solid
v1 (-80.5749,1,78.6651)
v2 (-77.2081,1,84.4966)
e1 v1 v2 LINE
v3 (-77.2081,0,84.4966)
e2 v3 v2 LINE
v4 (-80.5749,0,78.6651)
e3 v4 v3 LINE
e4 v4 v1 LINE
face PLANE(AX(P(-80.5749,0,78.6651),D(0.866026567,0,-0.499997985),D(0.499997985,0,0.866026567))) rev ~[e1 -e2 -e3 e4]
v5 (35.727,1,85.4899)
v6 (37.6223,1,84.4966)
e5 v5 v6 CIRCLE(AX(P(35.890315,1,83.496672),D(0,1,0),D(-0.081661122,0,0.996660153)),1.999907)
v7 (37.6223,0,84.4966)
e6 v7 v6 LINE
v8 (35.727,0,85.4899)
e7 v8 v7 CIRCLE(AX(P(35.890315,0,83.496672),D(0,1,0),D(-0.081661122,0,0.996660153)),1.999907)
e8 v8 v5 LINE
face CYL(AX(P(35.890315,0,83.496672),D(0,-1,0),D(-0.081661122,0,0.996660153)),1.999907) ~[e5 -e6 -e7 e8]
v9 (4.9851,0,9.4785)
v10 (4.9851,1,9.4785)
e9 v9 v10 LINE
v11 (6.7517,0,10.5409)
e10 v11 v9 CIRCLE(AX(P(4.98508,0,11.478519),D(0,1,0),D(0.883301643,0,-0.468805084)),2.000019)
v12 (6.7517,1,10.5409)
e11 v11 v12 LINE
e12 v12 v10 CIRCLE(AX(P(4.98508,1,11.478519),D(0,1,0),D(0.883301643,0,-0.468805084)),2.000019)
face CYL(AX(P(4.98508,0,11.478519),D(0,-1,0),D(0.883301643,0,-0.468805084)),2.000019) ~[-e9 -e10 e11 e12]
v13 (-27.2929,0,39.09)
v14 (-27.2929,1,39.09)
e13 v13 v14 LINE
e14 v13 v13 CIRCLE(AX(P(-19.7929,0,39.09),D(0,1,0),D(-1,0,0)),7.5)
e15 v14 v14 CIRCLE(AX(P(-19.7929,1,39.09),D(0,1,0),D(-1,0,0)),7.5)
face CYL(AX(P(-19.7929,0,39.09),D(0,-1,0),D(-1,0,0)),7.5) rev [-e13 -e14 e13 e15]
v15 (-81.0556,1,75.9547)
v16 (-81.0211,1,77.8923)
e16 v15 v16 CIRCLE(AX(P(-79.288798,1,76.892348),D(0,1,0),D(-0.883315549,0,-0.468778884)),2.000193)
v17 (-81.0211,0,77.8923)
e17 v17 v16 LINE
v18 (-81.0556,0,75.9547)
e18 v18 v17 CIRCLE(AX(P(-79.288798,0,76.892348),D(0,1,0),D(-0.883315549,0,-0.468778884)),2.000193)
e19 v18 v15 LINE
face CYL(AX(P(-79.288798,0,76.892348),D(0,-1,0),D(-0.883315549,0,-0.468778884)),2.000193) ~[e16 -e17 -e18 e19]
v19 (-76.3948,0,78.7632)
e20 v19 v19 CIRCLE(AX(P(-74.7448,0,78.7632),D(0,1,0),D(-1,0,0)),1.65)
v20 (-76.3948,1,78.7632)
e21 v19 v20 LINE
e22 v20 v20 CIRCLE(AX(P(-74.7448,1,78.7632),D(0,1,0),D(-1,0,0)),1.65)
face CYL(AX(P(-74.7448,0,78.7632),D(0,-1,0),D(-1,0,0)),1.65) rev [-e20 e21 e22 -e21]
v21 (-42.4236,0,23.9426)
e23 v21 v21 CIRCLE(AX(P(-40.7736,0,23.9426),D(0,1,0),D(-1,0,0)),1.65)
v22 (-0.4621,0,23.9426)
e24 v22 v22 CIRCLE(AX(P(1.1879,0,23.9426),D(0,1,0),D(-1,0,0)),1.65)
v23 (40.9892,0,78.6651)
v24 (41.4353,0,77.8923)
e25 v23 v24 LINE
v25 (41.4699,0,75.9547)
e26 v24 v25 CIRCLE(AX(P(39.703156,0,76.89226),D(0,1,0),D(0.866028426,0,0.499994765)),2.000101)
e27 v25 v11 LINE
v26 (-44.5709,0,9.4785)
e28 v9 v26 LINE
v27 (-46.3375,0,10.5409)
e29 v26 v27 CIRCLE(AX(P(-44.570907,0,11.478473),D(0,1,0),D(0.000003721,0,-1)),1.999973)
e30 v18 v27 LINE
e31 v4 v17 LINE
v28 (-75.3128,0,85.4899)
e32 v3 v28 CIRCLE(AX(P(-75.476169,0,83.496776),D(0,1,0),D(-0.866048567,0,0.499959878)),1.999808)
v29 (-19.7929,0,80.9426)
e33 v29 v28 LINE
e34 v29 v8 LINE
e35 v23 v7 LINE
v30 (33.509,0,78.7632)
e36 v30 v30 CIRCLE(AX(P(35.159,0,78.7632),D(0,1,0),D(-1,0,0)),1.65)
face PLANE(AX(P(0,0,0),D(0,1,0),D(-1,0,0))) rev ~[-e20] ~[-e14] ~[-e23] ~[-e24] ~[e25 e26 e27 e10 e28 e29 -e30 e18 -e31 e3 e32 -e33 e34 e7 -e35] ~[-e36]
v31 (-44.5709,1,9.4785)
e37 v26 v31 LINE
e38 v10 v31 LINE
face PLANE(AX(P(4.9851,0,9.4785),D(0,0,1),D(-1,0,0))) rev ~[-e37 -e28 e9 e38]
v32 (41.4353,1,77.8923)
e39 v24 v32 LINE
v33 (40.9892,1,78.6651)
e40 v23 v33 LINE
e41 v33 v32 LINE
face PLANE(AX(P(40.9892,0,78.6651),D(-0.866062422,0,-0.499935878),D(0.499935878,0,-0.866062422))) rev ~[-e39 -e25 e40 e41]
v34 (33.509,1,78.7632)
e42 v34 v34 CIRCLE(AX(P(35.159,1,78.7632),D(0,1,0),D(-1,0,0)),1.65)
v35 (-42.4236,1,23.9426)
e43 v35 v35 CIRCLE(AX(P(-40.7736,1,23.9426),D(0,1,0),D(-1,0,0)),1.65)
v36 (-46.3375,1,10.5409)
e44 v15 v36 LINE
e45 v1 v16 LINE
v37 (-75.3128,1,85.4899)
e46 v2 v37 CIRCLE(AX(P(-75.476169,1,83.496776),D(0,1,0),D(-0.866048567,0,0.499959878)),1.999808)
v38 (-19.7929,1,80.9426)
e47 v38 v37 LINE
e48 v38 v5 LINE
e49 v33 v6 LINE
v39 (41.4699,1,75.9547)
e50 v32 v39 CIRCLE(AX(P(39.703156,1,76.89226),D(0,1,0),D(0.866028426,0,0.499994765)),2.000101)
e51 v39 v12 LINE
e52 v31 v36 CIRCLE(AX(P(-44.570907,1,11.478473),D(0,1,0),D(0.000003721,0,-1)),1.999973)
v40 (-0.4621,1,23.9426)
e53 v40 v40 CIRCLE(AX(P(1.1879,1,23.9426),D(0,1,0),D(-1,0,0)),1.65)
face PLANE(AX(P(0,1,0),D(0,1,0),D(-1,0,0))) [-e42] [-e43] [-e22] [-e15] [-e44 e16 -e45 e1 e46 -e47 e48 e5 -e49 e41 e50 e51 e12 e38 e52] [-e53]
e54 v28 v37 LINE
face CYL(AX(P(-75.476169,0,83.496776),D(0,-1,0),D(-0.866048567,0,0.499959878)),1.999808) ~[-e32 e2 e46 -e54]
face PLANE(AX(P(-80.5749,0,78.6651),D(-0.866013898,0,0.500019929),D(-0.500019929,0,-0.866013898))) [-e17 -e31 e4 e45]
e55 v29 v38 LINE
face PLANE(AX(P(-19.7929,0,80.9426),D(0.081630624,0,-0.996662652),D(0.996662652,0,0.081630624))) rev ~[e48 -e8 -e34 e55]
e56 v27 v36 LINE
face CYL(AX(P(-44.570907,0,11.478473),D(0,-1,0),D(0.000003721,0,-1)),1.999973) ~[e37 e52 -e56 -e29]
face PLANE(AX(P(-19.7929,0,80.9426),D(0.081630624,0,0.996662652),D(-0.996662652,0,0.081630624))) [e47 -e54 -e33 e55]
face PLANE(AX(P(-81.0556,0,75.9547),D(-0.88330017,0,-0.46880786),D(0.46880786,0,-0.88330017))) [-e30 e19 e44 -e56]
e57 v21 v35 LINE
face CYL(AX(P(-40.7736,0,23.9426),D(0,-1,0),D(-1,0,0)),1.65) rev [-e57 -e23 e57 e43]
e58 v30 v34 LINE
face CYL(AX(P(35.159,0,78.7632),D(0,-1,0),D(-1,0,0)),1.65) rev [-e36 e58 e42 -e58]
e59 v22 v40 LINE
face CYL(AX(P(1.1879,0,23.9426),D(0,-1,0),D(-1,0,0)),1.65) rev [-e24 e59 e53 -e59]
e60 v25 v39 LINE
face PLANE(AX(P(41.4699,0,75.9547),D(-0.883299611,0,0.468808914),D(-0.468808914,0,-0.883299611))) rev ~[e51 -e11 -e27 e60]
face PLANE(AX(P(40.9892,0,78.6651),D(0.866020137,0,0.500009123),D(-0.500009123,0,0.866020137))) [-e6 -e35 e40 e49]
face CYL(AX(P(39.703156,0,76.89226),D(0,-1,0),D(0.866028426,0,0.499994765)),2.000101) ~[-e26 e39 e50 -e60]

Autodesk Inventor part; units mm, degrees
ref_plane "YZ Plane" through (0, 0, 0) normal (1, 0, 0) x (0, 1, 0)
ref_plane "XZ Plane" through (0, 0, 0) normal (0, 1, 0) x (-1, 0, 0)
ref_plane "XY Plane" through (0, 0, 0) normal (0, 0, 1) x (1, 0, 0)
sketch "Sketch1" plane through (0, 0, 0) normal (0, 1, 0) x (-1, 0, 0)
  line L0 (80.5749, 78.6651) -> (77.2081, 84.4966)
  line L1 (-40.9892, 78.6651) -> (-37.6223, 84.4966)
  line L2 (19.7929, 80.9426) -> (-35.727, 85.4899)
  line L3 (19.7929, 80.9426) -> (75.3128, 85.4899)
  circle A0 centre (-35.159, 78.7632) radius 1.65
  circle A1 centre (74.7448, 78.7632) radius 1.65
  circle A2 centre (-1.1879, 23.9426) radius 1.65
  circle A3 centre (40.7736, 23.9426) radius 1.65
  line L4 (-40.9892, 78.6651) -> (-41.4353, 77.8923)
  line L5 (-41.4699, 75.9547) -> (-6.7517, 10.5409)
  line L6 (-4.9851, 9.4785) -> (44.5709, 9.4785)
  line L7 (80.5749, 78.6651) -> (81.0211, 77.8923)
  line L8 (81.0556, 75.9547) -> (46.3375, 10.5409)
  arc A4 (-35.727, 85.4899) -> (-37.6223, 84.4966) centre (-35.8903, 83.4966) ccw
  arc A5 (77.2081, 84.4966) -> (75.3128, 85.4899) centre (75.476, 83.4966) ccw
  arc A6 (81.0556, 75.9547) -> (81.0211, 77.8923) centre (79.289, 76.8923) ccw
  arc A7 (44.5709, 9.4785) -> (46.3375, 10.5409) centre (44.5709, 11.4785) ccw
  arc A8 (-6.7517, 10.5409) -> (-4.9851, 9.4785) centre (-4.9851, 11.4785) ccw
  arc A9 (-41.4353, 77.8923) -> (-41.4699, 75.9547) centre (-39.7033, 76.8923) ccw
  circle A10 centre (19.7929, 39.09) radius 7.5
extrude "Extrusion1" add sketch "Sketch1" along normal blind 1
properties part number "Verboard Middle Plate" material "Veroboard"
